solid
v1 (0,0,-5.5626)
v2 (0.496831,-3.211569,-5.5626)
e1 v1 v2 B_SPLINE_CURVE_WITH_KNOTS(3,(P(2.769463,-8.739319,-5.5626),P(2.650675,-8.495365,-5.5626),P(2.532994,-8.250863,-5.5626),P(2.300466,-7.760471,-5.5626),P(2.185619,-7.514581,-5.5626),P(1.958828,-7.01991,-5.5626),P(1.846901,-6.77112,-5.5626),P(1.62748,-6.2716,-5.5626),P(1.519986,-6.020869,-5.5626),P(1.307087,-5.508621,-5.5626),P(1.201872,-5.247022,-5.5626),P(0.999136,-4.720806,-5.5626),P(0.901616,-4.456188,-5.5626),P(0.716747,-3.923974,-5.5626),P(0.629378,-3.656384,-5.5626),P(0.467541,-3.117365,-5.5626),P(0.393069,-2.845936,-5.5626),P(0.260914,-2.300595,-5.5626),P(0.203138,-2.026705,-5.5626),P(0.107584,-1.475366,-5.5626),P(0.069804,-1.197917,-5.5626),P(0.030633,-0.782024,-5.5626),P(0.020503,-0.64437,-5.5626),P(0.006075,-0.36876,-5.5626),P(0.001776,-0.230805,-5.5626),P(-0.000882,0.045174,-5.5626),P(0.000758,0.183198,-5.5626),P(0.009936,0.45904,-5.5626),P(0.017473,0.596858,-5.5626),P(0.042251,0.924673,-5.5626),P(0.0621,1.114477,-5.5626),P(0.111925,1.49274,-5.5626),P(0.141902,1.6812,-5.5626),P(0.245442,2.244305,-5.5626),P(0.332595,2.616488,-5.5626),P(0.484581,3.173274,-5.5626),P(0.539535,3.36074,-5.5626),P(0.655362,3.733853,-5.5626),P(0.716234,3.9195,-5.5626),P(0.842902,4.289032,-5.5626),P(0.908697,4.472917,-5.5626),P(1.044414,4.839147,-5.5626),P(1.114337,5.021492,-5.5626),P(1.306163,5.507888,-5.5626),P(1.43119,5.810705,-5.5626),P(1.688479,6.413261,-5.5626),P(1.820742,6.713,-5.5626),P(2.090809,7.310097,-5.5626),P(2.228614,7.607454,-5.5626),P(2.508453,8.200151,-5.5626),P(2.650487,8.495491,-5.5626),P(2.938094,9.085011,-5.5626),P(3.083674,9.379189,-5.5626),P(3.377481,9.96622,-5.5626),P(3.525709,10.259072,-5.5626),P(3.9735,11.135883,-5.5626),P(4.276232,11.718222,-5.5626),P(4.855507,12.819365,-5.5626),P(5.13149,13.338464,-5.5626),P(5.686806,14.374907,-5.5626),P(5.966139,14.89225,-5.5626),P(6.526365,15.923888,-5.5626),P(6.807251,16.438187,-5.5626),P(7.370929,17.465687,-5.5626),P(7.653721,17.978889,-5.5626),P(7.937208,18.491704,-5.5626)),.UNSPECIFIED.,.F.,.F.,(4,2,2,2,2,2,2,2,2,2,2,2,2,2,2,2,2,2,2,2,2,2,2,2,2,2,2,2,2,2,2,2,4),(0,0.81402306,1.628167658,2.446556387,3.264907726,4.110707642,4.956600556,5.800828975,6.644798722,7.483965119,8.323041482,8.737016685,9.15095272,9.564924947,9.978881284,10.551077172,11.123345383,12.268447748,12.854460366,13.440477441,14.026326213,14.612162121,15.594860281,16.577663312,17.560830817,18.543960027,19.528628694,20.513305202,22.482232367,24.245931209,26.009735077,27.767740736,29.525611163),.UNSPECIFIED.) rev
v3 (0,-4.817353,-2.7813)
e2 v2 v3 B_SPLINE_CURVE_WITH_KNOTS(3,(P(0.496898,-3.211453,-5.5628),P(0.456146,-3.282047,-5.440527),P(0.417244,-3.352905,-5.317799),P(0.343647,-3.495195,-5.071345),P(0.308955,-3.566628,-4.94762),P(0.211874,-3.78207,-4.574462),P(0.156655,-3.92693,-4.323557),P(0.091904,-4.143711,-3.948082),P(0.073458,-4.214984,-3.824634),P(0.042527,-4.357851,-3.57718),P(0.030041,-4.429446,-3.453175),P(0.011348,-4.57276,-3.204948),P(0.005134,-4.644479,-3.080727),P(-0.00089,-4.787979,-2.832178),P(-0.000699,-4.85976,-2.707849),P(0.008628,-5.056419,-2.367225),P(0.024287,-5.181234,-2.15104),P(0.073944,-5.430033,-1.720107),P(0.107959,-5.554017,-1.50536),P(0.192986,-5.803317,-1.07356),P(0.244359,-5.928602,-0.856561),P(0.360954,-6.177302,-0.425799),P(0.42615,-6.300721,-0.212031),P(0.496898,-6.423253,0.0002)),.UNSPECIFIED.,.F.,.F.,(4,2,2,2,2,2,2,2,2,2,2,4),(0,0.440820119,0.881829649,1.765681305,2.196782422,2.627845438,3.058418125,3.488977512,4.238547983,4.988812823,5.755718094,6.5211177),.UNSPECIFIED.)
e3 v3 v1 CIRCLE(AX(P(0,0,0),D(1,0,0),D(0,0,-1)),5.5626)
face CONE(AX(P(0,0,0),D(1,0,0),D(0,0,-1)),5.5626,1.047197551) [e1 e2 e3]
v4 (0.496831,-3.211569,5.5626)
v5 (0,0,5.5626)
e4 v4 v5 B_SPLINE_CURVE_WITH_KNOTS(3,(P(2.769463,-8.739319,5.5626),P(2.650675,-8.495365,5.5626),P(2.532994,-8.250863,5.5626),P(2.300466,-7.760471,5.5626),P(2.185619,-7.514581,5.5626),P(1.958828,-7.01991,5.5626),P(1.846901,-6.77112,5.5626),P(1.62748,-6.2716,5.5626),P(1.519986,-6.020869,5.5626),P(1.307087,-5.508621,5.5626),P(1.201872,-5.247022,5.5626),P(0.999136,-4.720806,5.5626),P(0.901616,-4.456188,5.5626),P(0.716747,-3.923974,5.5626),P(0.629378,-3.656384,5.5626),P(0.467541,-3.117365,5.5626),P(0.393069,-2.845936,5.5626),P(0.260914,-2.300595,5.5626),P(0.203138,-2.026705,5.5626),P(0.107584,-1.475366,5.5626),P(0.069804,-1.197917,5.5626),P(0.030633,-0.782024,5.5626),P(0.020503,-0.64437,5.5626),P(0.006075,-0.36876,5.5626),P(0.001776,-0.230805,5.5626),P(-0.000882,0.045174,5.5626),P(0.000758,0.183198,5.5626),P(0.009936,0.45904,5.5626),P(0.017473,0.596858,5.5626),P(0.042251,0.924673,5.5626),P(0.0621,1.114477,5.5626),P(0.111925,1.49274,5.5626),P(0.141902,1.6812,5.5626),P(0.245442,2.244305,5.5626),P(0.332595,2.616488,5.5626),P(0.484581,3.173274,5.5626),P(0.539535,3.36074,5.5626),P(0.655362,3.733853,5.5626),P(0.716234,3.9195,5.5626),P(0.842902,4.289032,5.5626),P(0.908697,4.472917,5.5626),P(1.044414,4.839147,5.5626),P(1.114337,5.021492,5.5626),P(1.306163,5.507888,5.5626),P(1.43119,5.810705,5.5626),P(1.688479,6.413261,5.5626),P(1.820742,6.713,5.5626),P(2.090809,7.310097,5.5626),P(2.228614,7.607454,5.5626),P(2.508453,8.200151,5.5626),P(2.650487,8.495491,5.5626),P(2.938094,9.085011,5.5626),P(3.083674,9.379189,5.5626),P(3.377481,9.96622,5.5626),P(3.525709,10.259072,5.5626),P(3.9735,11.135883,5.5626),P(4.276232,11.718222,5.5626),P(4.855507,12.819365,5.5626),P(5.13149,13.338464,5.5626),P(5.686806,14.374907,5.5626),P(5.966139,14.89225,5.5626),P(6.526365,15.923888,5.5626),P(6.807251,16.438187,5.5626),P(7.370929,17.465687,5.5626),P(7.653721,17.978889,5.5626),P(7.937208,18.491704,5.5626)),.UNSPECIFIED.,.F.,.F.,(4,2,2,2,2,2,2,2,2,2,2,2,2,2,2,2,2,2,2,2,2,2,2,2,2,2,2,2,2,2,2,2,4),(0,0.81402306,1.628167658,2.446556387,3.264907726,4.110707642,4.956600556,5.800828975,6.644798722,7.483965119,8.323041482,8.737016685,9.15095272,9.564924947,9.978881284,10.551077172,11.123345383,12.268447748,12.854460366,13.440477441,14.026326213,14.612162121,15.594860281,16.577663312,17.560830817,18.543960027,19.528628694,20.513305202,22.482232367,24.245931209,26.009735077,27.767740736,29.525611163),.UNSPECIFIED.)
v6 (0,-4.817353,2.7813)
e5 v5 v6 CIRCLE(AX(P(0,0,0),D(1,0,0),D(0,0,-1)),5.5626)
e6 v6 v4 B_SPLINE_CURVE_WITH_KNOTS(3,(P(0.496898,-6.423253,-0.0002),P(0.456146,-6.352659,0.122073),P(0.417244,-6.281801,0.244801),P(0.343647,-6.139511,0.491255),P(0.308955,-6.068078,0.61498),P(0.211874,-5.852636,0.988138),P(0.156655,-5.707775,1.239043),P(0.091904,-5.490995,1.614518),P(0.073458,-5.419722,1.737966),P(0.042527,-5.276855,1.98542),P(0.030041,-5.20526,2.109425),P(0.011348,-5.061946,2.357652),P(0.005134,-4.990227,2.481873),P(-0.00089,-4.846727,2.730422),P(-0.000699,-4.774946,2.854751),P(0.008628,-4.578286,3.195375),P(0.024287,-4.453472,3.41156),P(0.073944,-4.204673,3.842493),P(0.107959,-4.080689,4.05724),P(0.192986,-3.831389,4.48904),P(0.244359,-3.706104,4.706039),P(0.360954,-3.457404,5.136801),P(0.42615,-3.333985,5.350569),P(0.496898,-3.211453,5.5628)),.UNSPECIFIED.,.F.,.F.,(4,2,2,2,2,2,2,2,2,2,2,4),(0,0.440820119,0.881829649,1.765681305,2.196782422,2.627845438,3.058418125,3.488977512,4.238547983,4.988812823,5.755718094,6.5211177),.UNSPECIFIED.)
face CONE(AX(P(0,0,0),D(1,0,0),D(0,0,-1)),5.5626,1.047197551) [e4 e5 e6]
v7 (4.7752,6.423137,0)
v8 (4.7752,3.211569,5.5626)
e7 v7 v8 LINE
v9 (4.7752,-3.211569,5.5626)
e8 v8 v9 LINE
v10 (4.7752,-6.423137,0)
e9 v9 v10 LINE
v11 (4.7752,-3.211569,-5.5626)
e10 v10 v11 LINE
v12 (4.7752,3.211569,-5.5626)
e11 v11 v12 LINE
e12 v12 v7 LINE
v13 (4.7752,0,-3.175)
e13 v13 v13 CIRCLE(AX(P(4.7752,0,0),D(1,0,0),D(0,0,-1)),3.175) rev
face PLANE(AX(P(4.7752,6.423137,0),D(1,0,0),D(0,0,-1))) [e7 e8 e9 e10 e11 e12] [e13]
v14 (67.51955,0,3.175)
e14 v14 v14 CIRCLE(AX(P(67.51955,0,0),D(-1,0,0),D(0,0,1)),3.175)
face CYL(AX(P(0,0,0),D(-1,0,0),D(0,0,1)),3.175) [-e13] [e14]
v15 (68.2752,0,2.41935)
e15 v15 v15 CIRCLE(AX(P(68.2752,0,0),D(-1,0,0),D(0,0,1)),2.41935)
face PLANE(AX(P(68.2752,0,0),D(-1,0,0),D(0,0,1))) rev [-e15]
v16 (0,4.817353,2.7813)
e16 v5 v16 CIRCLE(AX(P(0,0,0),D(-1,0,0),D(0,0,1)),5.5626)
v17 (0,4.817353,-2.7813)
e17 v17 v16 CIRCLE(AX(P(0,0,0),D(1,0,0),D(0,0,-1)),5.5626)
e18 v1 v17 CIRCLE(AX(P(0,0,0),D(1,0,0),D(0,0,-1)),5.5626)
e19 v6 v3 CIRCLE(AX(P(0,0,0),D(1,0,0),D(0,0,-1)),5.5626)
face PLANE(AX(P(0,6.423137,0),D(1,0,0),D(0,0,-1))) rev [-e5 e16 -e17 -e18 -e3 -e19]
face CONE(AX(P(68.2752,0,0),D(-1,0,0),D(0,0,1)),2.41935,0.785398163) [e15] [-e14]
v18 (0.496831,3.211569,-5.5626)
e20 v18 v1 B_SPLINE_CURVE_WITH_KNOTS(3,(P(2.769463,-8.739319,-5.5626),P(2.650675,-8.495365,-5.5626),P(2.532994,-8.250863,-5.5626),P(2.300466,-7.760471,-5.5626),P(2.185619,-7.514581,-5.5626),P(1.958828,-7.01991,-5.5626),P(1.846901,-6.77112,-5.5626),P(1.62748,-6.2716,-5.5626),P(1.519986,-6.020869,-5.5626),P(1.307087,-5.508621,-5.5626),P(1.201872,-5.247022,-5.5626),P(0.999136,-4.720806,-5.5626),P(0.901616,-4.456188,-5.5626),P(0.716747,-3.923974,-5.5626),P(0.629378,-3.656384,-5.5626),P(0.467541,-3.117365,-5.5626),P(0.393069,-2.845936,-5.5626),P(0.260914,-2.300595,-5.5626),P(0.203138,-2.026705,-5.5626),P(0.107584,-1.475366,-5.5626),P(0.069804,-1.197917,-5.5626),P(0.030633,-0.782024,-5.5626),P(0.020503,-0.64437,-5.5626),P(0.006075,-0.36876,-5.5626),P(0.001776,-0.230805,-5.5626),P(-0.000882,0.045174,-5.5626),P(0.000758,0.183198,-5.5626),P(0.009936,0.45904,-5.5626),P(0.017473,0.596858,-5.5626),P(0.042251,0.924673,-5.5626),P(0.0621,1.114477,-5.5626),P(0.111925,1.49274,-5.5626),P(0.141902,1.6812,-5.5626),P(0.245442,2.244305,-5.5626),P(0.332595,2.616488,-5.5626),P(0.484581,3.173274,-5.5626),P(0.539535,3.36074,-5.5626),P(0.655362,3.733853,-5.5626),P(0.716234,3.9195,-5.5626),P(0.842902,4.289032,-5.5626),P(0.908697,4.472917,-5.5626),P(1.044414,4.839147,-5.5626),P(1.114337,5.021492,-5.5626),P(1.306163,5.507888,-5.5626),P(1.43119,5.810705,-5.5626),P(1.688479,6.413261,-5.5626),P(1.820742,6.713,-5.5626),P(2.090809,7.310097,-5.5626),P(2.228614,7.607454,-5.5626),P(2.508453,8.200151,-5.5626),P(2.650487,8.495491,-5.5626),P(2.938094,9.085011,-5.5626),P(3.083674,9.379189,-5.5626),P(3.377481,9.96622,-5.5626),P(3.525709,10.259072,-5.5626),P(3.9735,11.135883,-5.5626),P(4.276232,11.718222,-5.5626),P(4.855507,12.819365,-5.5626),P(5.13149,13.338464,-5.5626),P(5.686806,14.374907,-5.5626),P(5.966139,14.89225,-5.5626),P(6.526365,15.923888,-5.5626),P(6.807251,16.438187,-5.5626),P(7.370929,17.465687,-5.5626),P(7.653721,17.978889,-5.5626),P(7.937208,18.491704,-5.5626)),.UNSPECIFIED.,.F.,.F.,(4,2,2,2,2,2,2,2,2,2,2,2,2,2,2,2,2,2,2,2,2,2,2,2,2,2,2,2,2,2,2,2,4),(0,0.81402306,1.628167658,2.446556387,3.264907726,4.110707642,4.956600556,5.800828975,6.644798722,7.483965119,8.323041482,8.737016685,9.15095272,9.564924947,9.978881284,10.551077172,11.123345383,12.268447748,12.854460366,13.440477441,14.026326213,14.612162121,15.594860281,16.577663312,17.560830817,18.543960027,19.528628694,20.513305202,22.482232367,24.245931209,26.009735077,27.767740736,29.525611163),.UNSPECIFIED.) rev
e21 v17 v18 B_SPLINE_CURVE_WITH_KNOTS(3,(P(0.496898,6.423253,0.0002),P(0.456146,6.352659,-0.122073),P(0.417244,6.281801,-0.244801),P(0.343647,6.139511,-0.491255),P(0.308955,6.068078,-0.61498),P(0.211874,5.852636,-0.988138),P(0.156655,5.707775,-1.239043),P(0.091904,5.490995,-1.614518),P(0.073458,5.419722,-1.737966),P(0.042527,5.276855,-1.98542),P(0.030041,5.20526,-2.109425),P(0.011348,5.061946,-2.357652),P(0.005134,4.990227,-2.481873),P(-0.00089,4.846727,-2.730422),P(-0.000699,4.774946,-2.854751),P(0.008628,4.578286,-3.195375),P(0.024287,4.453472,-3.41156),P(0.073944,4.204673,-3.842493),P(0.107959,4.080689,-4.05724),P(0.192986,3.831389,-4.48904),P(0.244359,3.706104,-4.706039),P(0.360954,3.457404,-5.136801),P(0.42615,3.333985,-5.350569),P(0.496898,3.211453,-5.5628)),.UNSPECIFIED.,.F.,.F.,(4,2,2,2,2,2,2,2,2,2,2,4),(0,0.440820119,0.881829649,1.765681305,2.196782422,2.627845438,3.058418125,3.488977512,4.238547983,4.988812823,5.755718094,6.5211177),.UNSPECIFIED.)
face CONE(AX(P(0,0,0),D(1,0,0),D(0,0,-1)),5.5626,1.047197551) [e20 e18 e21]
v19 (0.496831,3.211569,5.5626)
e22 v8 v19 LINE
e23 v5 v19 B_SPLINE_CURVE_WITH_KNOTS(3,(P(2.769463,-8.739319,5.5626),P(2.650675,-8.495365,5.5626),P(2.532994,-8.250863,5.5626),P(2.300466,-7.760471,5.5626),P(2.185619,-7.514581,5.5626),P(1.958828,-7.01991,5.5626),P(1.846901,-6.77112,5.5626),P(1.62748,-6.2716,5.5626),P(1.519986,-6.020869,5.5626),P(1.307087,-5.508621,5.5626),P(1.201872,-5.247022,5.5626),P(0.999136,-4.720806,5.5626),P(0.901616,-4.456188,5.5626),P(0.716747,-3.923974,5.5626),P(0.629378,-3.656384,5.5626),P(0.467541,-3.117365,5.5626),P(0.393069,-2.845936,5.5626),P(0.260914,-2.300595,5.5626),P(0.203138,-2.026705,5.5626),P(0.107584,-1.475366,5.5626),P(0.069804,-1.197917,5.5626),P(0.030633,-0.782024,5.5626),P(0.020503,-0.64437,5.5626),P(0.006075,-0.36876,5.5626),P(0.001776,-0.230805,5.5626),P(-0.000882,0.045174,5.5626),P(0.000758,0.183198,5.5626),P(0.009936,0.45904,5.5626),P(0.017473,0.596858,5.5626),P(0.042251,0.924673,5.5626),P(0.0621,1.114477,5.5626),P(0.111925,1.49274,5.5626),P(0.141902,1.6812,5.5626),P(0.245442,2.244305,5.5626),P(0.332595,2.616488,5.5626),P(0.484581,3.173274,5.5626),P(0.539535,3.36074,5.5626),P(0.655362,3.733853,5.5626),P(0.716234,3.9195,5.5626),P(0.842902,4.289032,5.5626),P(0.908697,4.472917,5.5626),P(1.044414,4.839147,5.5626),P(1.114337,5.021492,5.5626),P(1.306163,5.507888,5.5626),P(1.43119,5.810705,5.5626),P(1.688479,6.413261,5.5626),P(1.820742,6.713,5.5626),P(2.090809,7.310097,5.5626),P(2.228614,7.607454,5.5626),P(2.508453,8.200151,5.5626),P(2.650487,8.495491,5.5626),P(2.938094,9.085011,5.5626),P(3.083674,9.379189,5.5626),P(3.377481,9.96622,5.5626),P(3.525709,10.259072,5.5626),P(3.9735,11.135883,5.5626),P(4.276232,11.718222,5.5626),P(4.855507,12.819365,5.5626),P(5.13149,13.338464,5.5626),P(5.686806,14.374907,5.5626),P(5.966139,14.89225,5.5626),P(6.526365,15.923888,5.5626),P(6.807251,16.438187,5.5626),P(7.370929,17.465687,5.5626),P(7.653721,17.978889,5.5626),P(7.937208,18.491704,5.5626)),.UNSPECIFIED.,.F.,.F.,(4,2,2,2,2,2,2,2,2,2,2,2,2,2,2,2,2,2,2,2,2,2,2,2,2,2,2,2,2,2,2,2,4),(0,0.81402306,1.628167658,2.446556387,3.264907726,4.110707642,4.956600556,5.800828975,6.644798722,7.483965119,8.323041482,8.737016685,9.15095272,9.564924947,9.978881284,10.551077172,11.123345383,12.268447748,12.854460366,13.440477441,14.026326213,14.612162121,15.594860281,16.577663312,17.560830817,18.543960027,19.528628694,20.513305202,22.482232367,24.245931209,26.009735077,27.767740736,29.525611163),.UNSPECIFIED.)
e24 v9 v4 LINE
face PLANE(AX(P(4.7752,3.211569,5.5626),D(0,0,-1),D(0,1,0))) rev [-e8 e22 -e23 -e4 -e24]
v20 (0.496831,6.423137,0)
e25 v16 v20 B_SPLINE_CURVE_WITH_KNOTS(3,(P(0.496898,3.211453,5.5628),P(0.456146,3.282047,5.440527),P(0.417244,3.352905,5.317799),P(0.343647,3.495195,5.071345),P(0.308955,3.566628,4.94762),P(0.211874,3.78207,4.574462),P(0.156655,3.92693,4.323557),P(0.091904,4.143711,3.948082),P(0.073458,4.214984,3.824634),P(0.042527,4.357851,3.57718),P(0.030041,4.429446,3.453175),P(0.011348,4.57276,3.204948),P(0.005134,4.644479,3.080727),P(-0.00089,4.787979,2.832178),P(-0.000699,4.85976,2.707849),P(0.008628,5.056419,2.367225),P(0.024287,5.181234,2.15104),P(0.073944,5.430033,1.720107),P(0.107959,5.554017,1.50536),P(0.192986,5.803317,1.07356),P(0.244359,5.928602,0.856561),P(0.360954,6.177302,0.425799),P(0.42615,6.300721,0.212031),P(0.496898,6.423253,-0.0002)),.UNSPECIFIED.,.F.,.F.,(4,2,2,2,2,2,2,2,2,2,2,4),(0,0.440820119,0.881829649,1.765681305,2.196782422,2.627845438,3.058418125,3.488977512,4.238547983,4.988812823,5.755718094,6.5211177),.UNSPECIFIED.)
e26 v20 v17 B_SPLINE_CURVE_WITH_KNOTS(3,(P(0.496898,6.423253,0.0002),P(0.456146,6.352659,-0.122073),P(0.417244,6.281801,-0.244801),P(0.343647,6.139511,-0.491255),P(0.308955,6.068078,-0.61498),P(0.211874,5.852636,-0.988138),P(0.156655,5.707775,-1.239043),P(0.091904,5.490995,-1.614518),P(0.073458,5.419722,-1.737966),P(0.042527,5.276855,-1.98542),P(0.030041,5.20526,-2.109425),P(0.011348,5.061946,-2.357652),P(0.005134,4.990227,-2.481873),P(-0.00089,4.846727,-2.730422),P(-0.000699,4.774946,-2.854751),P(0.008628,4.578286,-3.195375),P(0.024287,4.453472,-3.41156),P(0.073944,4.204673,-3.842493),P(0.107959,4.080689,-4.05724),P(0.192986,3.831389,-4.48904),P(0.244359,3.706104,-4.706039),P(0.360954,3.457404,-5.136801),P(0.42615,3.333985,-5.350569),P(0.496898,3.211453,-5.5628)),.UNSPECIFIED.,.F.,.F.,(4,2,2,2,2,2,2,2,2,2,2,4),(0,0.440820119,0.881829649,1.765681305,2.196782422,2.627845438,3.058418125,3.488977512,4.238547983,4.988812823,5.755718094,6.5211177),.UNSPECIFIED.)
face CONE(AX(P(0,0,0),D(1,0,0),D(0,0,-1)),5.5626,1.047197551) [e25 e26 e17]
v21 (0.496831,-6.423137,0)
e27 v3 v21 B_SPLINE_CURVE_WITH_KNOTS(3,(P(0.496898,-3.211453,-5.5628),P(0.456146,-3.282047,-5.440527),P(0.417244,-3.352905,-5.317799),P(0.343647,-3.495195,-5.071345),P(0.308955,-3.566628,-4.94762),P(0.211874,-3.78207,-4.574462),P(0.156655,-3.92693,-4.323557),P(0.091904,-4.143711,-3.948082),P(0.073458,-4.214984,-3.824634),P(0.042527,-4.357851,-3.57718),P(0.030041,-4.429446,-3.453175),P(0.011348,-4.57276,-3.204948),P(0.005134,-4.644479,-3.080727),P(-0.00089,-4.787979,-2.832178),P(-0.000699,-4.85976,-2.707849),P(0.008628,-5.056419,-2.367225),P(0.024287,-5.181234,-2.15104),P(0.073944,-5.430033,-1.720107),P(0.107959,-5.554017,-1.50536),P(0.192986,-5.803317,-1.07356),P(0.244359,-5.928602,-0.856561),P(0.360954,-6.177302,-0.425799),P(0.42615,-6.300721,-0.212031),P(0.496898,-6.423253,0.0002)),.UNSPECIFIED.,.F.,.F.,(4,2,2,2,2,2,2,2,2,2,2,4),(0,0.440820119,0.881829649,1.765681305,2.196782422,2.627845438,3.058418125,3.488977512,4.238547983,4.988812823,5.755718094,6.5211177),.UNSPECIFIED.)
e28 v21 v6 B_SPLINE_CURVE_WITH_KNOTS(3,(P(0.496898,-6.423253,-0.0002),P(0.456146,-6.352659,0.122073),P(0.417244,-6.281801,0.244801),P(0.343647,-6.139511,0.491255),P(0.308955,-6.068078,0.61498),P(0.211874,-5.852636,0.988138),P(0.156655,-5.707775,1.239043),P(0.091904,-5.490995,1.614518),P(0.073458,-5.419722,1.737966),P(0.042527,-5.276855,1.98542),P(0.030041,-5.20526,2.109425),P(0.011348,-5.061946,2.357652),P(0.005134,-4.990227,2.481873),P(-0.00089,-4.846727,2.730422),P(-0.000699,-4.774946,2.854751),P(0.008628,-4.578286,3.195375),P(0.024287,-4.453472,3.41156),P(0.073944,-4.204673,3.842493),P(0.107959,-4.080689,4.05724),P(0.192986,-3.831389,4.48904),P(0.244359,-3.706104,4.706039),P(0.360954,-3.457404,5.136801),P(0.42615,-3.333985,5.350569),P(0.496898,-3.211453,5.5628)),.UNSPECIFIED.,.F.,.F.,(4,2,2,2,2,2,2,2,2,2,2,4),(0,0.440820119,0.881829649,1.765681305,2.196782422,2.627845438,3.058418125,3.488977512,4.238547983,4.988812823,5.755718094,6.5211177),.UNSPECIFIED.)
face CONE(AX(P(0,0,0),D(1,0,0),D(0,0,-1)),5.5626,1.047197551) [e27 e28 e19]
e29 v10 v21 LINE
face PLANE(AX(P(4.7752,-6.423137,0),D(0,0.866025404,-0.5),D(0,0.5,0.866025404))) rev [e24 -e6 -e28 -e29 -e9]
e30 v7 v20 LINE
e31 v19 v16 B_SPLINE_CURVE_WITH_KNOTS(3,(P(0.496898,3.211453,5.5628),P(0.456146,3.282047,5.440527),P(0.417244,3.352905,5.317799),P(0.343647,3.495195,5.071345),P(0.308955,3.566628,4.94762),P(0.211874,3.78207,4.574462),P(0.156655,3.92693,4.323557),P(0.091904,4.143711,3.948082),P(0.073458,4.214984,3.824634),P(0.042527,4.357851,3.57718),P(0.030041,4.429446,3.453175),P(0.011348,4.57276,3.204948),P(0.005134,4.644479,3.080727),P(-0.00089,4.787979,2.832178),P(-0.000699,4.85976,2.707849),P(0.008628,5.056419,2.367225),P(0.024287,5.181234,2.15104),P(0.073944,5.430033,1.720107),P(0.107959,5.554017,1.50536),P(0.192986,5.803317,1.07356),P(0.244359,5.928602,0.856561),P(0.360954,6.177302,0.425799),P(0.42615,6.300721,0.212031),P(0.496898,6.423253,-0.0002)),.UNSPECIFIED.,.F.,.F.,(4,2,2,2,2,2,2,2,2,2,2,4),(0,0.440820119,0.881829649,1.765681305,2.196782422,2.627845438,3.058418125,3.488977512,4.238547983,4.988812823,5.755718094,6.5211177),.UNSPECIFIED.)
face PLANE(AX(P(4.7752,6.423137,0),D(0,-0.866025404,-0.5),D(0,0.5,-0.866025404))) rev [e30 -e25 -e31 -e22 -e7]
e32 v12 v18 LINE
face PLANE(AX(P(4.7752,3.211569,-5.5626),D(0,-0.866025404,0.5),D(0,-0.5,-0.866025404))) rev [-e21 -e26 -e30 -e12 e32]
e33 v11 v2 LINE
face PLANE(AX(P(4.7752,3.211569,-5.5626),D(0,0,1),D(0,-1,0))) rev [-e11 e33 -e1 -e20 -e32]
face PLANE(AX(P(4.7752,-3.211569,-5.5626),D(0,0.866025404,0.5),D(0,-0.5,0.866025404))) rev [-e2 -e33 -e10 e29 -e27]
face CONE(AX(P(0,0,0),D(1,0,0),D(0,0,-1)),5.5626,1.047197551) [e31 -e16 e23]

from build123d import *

# Parameters (mm, degrees)
BASEHEAD_DEPTH = 4.7752


with BuildPart() as part:
    # Sketch1 → BaseHead (new body)
    with BuildSketch(Plane(origin=(0, 0, 0), x_dir=(0, 0, -1), z_dir=(1, 0, 0))):
        Polygon((5.5626, 3.211568607), (5.5626, -3.211568607), (0, -6.423137215), (-5.5626, -3.211568607), (-5.5626, 3.211568607), (0, 6.423137215), align=None)
    extrude(amount=BASEHEAD_DEPTH)

    # BodySke → BaseBody (revolve)
    with BuildSketch(Plane.XY):
        Polygon((0, 0), (68.2752, 0), (68.2752, 2.41935), (67.51955, 3.175), (0, 3.175), align=None)
    revolve(axis=Axis((0, 0, 0), (1, 0, 0)))

    # Sketch3 → HeadChamfer (revolve, cut)
    with BuildSketch(Plane.XY):
        Polygon((0, 5.5626), (4.163005602, 12.773137215), (4.163005602, 19.123137215), (-12.7, 19.123137215), (-12.7, 5.5626), align=None)
    revolve(axis=Axis((0, 0, 0), (1, 0, 0)), mode=Mode.SUBTRACT)


solid = part.part
